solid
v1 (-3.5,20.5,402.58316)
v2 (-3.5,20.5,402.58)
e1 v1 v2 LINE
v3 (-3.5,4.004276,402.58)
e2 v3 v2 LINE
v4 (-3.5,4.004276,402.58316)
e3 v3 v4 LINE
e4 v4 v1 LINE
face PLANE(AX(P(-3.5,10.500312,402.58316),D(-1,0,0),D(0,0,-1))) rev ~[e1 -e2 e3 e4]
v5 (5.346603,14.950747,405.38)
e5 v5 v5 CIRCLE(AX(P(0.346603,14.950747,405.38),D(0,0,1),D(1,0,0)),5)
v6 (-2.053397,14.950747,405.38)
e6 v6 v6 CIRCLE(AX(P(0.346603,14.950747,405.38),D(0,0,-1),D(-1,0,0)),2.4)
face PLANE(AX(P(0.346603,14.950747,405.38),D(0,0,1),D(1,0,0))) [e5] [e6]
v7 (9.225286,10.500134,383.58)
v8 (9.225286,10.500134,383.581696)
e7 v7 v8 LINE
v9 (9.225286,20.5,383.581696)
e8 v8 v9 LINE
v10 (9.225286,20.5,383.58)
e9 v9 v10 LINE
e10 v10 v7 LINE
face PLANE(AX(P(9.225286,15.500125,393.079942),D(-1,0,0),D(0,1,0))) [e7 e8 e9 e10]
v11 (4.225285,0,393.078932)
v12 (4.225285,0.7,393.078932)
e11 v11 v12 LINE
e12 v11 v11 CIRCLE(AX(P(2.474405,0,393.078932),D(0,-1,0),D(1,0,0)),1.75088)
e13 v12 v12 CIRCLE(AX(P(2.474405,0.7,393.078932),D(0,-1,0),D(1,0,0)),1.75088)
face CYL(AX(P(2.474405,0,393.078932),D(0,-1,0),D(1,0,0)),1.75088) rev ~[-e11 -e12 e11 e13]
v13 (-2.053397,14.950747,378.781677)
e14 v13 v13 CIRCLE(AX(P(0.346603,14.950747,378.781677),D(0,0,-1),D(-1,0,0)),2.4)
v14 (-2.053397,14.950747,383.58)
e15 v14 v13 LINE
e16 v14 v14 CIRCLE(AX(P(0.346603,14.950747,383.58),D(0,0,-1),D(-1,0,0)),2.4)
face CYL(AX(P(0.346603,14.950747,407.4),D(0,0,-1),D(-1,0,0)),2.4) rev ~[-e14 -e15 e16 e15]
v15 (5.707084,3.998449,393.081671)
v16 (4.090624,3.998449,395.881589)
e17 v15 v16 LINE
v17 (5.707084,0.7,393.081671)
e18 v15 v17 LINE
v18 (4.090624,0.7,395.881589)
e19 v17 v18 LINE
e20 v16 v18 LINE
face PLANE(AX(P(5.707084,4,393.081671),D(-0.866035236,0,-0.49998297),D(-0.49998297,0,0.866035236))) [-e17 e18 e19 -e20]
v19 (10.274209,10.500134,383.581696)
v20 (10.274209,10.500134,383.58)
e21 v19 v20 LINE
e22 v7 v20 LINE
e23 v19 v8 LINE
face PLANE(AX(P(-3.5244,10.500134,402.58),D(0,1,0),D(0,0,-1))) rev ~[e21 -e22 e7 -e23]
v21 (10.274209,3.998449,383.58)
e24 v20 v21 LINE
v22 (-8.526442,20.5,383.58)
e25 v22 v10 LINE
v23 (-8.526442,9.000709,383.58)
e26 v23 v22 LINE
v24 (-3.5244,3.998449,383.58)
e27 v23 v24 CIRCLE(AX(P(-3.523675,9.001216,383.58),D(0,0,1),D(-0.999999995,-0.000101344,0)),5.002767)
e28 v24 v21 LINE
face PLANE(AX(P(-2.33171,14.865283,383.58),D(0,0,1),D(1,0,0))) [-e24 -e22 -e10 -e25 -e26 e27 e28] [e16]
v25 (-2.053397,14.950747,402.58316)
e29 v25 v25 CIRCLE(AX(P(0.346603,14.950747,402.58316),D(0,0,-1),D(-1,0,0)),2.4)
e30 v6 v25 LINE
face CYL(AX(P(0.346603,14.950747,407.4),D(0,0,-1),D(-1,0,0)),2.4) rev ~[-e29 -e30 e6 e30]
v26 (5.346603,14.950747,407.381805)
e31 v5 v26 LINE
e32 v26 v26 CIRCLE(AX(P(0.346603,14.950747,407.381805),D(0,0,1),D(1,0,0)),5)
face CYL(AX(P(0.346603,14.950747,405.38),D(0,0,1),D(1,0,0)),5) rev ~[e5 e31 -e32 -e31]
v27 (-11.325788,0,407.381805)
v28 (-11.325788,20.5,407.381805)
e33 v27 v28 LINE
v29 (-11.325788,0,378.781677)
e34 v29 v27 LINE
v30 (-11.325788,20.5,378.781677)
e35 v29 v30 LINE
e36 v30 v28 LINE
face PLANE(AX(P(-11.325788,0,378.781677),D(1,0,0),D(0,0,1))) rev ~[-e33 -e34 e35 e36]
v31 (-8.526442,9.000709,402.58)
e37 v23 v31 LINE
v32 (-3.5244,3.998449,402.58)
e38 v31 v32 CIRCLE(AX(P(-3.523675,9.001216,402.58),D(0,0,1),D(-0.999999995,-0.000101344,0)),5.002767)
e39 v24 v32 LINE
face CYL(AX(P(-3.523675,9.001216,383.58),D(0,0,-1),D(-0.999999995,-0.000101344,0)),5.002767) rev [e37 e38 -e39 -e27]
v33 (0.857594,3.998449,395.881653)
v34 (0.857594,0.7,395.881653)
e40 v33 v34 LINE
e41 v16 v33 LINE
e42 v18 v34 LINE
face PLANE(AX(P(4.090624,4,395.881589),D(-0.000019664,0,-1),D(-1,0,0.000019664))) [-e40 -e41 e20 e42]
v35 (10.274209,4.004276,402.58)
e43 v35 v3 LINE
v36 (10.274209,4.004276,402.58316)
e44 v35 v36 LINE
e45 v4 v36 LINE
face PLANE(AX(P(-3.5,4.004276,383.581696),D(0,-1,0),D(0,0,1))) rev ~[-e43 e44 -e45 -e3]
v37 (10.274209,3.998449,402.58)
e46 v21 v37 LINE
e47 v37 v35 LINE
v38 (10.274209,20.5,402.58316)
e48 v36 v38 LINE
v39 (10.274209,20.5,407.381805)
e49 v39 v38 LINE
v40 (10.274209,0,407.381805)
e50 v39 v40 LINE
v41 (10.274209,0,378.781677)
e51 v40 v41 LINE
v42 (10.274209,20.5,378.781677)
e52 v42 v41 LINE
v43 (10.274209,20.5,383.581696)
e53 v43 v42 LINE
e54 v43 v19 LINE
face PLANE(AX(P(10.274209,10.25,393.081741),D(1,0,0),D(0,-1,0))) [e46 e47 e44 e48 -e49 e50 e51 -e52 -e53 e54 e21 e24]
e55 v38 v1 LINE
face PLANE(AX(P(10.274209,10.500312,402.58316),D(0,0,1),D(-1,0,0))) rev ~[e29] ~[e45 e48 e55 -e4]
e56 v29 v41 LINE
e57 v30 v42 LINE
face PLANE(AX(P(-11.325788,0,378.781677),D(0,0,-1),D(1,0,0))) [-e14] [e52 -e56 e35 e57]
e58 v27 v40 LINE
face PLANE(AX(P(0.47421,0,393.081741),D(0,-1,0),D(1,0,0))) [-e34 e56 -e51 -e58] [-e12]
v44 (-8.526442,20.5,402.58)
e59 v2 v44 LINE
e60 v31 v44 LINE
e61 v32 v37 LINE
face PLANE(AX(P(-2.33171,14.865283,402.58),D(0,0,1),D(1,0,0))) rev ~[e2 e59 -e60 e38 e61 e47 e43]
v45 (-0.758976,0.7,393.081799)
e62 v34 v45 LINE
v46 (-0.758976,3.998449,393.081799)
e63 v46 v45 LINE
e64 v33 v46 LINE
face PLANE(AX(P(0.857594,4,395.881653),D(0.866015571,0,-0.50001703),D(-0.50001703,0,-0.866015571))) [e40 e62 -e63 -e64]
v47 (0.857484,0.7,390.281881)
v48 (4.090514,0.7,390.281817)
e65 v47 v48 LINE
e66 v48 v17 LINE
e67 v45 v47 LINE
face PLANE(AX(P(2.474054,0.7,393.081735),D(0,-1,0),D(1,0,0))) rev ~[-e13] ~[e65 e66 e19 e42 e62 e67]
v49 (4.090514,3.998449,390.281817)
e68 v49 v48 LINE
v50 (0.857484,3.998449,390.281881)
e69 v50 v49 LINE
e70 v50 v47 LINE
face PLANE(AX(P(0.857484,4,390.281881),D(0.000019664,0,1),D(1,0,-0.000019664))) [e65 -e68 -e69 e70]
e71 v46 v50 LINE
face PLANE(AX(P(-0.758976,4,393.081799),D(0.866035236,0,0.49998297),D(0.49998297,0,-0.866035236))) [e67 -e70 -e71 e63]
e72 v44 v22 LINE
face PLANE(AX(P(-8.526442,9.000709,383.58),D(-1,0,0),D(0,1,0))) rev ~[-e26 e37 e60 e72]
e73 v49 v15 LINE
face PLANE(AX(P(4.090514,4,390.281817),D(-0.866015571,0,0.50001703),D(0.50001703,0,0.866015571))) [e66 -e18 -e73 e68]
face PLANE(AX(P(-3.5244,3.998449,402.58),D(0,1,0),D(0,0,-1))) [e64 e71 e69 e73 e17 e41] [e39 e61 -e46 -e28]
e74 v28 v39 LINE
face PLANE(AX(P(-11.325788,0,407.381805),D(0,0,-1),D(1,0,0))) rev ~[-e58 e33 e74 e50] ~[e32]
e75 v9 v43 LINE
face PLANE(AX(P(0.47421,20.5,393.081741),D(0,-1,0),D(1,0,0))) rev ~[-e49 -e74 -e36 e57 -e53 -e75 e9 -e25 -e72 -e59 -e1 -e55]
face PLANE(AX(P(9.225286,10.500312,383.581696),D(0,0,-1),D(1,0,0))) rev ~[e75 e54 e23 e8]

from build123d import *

# Parameters (mm, degrees)
SKETCH_W           = 23.599997
SKETCH_H           = 28.600128
SKETCH_R           = 1.75088
PAD_DEPTH          = 20.5
HOLE_D             = 4.8
HOLE_DEPTH         = 34
HOLE_CBORE_D       = 10
HOLE_CBORE_DEPTH   = 2.02
SKETCH002_W        = 6.496036
SKETCH002_H        = 19.001464
POCKET_DEPTH       = 19
POCKET001_DEPTH    = 19
POCKET001_FACE20_W = 6.501685
POCKET001_FACE20_H = 19
POCKET002_DEPTH    = 40
POCKET003_DEPTH    = 3.3
POCKET004_DEPTH    = 5
POCKET004_FACE5_W  = 20.5
POCKET004_FACE5_H  = 28.600128
POCKET005_DEPTH    = 2
POCKET006_DEPTH    = 20


with BuildPart() as part:
    # Sketch → Pad (new body)
    with BuildSketch(Plane.XZ):
        with Locations((0.4742105, 393.081741)):
            Rectangle(SKETCH_W, SKETCH_H)
        with Locations((2.474405, 393.078932)):
            Circle(SKETCH_R, mode=Mode.SUBTRACT)
    extrude(amount=-PAD_DEPTH)

    # Hole
    with Locations(Plane.XY.offset(407.4)):
        with Locations((0.346603, 14.950747)):
            CounterBoreHole(HOLE_D / 2, HOLE_CBORE_D / 2, HOLE_CBORE_DEPTH, depth=HOLE_DEPTH)

    # Sketch002 → Pocket (cut)
    with BuildSketch(Plane.YZ.offset(-3.5)):
        with Locations((7.252294, 393.082428)):
            Rectangle(SKETCH002_W, SKETCH002_H)
    extrude(amount=POCKET_DEPTH, mode=Mode.SUBTRACT)

    # Sketch003 → Pocket001 (cut)
    with BuildSketch(Plane.XY.offset(383.58)):
        with BuildLine():
            ThreePointArc((-8.5264420268, 9.000709), (-7.0612425813, 5.4638025679), (-3.5244, 3.998449))
            Line((-3.5244, 3.998449), (-3.5244, 10.500134))
            Line((-3.5244, 10.500134), (4.225286, 10.500134))
            Line((4.225286, 10.500134), (4.225286, 24.874678))
            Line((4.225286, 24.874678), (-8.5264420268, 21.309877))
            Line((-8.5264420268, 9.000709), (-8.5264420268, 21.309877))
        make_face()
    extrude(amount=POCKET001_DEPTH, mode=Mode.SUBTRACT)

    # Pocket001 Face20 → Pocket002 (cut)
    with BuildSketch(Plane(origin=(-3.5244, 7.2492915, 393.08), x_dir=(0, 1, 0), z_dir=(-1, 0, 0))):
        Rectangle(POCKET001_FACE20_W, POCKET001_FACE20_H)
    extrude(amount=-POCKET002_DEPTH, mode=Mode.SUBTRACT)

    # Sketch004 → Pocket003 (cut)
    with BuildSketch(Plane.XZ.offset(-4)):
        Polygon((0.857594, 395.881653), (-0.7589761165, 393.0817985758), (0.8574838835, 390.2818805758), (4.090514, 390.281817), (5.7070841165, 393.0816714242), (4.0906241165, 395.8815894242), align=None)
    extrude(amount=POCKET003_DEPTH, mode=Mode.SUBTRACT)

    # Pocket003 Face12 → Pocket004 (cut)
    with BuildSketch(Plane(origin=(4.225286, 15.5001559921, 393.0799999849), x_dir=(0, 1, 0), z_dir=(-1, 0, 0))):
        Polygon((4.9998440079, 9.4999999849), (-5.0000219921, 9.4999999849), (-5.0000219921, 9.4983039849), (-4.9998439921, 9.4983039849), (-4.9998439921, -9.5000000151), (4.9998440079, -9.5000000151), align=None)
    extrude(amount=-POCKET004_DEPTH, mode=Mode.SUBTRACT)

    # Pocket004 Face5 → Pocket005 (cut)
    with BuildSketch(Plane(origin=(12.274209, 11.051181849, 393.0817843597), x_dir=(0, -1, 0), z_dir=(1, 0, 0))):
        with Locations((0.801181849, 4.33597e-05)):
            Rectangle(POCKET004_FACE5_W, POCKET004_FACE5_H)
        Polygon((7.046905849, -9.5013756403), (0.550869849, -9.5013756403), (0.550869849, 9.5000883597), (0.551047849, 9.5000883597), (0.551047849, 9.5017843597), (7.052732849, 9.5017843597), (7.052732849, -9.4982156403), (7.046905849, -9.4982156403), align=None, mode=Mode.SUBTRACT)
    extrude(amount=-POCKET005_DEPTH, mode=Mode.SUBTRACT)

    # Pocket005 Face10 → Pocket006 (cut)
    with BuildSketch(Plane(origin=(9.7358804108, 10.500312, 393.1015544105), x_dir=(-1, 0, 0), z_dir=(0, -1, 0))):
        Polygon((13.2358804108, -9.4816055895), (13.2358804108, -9.4784455895), (0.5105944108, -9.4784455895), (0.5105944108, 9.5198584105), (-0.5383285892, 9.5198584105), (-0.5383285892, -9.4816055895), align=None)
    extrude(amount=-POCKET006_DEPTH, mode=Mode.SUBTRACT)


solid = part.part
